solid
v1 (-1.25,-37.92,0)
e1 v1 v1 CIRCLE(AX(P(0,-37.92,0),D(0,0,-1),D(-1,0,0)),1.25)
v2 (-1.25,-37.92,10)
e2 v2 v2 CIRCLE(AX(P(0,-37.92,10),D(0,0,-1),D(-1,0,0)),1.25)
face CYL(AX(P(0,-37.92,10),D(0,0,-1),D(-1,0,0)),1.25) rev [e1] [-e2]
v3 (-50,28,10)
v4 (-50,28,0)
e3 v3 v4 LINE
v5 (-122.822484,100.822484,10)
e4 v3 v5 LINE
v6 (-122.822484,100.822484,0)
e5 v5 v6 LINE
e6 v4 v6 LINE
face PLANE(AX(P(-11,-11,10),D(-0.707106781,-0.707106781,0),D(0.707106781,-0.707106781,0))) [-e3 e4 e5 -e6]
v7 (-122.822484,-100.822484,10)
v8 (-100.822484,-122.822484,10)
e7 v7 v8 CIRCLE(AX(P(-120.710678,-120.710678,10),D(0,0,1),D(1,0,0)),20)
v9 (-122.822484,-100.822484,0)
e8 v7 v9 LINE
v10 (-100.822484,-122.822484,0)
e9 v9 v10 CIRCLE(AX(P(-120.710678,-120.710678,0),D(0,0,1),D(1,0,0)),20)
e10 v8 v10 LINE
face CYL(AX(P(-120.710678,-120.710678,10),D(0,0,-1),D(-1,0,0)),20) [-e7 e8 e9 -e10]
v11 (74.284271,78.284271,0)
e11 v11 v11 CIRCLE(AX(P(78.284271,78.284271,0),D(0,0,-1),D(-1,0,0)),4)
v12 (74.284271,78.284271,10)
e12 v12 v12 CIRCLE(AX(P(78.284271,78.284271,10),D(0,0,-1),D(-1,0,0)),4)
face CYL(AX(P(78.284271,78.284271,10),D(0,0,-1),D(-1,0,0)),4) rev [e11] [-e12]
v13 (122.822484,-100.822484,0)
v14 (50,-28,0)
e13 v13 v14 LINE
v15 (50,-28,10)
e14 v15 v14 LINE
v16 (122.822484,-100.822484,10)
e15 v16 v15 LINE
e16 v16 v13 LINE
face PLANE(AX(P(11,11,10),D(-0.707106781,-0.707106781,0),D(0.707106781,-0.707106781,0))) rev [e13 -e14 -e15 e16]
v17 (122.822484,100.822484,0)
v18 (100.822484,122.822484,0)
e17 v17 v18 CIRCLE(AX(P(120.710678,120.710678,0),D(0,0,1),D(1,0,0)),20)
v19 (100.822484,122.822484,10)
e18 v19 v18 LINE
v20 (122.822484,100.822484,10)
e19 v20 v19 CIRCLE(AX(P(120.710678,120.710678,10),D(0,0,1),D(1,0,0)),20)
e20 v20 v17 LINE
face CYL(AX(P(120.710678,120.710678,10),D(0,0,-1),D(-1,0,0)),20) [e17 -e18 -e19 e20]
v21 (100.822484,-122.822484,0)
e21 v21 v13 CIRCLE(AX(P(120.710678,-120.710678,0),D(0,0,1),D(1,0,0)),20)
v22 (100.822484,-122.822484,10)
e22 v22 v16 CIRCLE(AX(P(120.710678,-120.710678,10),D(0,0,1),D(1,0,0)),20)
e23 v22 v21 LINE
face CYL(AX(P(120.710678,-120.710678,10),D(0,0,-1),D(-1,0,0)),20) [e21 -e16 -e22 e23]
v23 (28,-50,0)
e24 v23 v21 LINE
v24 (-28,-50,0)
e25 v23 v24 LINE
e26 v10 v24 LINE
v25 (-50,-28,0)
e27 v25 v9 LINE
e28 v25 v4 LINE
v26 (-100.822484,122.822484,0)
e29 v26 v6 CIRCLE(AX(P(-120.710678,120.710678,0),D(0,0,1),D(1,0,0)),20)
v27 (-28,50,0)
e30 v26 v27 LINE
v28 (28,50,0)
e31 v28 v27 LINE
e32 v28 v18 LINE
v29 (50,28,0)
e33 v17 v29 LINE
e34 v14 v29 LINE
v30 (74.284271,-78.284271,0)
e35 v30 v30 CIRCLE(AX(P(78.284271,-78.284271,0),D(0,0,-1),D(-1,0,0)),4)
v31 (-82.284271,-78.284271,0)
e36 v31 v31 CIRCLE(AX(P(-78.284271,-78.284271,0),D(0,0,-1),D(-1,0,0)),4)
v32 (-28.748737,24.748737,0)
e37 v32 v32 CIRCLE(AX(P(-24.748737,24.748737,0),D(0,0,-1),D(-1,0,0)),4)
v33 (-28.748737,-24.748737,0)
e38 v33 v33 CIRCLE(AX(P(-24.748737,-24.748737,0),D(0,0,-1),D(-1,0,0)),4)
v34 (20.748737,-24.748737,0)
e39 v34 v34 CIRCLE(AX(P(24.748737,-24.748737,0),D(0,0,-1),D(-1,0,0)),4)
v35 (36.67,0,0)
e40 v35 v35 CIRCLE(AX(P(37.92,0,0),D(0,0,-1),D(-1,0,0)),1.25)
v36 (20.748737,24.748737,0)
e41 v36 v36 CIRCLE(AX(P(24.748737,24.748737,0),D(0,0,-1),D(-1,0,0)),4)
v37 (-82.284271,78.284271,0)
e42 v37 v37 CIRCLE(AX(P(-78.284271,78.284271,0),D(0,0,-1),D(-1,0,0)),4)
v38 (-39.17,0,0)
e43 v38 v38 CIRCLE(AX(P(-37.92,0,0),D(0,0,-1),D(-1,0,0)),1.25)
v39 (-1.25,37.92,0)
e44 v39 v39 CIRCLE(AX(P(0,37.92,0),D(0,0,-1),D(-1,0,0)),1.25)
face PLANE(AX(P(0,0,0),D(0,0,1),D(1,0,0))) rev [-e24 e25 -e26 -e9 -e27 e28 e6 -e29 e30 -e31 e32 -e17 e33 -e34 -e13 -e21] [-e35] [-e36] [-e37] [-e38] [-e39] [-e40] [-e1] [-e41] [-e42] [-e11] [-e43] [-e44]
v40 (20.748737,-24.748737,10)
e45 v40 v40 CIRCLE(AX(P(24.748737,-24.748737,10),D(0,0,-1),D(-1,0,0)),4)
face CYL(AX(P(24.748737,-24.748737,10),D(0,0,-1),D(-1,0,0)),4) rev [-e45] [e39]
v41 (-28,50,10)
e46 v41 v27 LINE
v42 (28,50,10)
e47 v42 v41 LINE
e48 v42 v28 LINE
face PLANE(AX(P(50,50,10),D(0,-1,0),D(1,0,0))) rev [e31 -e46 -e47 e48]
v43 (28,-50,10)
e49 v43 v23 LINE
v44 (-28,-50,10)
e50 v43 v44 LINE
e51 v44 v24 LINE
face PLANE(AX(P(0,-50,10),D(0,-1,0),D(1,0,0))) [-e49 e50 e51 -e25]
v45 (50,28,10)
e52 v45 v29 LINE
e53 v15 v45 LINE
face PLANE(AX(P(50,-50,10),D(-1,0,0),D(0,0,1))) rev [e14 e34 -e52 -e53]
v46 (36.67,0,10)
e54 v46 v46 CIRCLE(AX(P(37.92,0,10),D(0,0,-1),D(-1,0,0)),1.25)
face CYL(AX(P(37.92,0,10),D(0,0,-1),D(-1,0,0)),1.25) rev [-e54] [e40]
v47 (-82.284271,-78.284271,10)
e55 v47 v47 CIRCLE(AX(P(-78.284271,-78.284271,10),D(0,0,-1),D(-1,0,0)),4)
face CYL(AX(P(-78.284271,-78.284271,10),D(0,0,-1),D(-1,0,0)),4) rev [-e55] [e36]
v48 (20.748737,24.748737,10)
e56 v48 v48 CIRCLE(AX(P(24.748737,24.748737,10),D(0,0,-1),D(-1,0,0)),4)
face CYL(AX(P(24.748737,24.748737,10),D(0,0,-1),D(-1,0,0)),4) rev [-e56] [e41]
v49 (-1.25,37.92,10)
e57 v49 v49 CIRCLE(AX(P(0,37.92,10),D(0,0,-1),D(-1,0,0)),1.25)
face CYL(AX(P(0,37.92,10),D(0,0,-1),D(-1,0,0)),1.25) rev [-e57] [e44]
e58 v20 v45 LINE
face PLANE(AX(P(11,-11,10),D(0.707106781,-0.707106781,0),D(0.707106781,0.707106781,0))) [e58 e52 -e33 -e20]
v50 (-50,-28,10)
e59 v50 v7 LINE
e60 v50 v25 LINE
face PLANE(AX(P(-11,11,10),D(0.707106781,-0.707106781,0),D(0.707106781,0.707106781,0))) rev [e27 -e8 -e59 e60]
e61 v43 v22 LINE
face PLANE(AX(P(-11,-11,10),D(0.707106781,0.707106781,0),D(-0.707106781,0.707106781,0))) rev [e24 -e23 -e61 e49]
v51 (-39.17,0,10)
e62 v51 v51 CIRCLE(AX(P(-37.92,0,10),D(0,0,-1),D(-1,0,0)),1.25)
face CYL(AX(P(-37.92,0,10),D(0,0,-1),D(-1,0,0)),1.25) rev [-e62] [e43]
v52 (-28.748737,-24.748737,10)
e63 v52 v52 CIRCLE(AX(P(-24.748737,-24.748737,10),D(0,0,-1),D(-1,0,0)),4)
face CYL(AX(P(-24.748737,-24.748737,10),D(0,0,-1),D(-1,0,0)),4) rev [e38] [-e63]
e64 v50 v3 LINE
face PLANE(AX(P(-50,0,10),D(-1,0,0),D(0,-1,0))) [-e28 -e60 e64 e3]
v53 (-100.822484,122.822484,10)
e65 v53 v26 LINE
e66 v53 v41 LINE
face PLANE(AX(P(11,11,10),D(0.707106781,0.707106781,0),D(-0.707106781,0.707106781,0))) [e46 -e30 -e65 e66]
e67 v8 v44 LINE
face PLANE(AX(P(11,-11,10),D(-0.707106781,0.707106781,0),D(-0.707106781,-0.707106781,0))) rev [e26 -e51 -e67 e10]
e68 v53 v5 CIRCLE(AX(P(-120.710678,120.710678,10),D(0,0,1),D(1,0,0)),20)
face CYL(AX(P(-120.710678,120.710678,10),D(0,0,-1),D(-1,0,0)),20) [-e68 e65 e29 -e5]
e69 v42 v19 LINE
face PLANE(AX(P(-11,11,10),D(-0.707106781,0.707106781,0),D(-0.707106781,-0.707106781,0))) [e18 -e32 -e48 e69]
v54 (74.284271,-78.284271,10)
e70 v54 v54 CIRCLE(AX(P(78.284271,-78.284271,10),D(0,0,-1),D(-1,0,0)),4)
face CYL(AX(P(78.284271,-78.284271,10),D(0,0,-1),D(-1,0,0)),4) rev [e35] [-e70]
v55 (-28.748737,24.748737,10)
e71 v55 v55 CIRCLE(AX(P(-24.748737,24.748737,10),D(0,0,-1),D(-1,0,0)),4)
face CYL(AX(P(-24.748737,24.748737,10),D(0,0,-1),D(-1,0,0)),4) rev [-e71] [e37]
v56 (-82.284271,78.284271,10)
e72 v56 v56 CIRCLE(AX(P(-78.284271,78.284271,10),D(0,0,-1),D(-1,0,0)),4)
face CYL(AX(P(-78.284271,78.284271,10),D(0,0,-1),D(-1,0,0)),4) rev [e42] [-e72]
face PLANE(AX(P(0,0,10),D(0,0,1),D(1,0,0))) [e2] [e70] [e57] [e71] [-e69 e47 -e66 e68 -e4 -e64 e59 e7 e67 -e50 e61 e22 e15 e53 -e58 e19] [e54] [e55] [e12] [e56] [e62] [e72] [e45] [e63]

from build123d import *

# Parameters (mm, degrees)
ESQUISSE1_W             = 100
ESQUISSE1_H             = 100
BOSS_EXTRU_1_DEPTH      = 10
ESQUISSE3_R             = 4
ESQUISSE3_R_2           = 1.25
ENL_V_MAT_EXTRU_2_DEPTH = 200.246053595


with BuildPart() as part:
    # Esquisse1 → Boss.-Extru.1 (new body)
    with BuildSketch(Plane.XY):
        with BuildLine():
            ThreePointArc((-100.822483701, 122.822483701), (-134.852813742, 134.852813742), (-122.822483701, 100.822483701))
            Line((-122.822483701, 100.822483701), (-131.710678119, 109.710678119))
            Line((-131.710678119, 109.710678119), (-109.710678119, 131.710678119))
            Line((-109.710678119, 131.710678119), (-100.822483701, 122.822483701))
        make_face()
        with BuildLine():
            Line((-131.710678119, 109.710678119), (-122.822483701, 100.822483701))
            ThreePointArc((-122.822483701, 100.822483701), (-107.336002639, 105.840639254), (-100.710678119, 120.710678119))
            ThreePointArc((-100.710678119, 120.710678119), (-100.738649074, 121.768059709), (-100.822483701, 122.822483701))
            Line((-100.822483701, 122.822483701), (-109.710678119, 131.710678119))
            Line((-109.710678119, 131.710678119), (-131.710678119, 109.710678119))
        make_face()
        with BuildLine():
            Line((-122.822483701, 100.822483701), (-50, 28))
            Line((-50, 28), (-50, 50))
            Line((-50, 50), (-28, 50))
            Line((-28, 50), (-100.822483701, 122.822483701))
            ThreePointArc((-100.822483701, 122.822483701), (-100.738649074, 121.768059709), (-100.710678119, 120.710678119))
            ThreePointArc((-100.710678119, 120.710678119), (-107.336002639, 105.840639254), (-122.822483701, 100.822483701))
        make_face()
        with BuildLine():
            Line((100.822483701, 122.822483701), (28, 50))
            Line((28, 50), (50, 50))
            Line((50, 50), (50, 28))
            Line((50, 28), (122.822483701, 100.822483701))
            ThreePointArc((122.822483701, 100.822483701), (106.568542495, 106.568542495), (100.822483701, 122.822483701))
        make_face()
        with BuildLine():
            ThreePointArc((140.710678119, 120.710678119), (121.768059709, 140.682707164), (100.822483701, 122.822483701))
            Line((100.822483701, 122.822483701), (109.710678119, 131.710678119))
            Line((109.710678119, 131.710678119), (131.710678119, 109.710678119))
            Line((131.710678119, 109.710678119), (122.822483701, 100.822483701))
            ThreePointArc((122.822483701, 100.822483701), (135.580716983, 107.336002639), (140.710678119, 120.710678119))
        make_face()
        with BuildLine():
            Line((109.710678119, 131.710678119), (100.822483701, 122.822483701))
            ThreePointArc((100.822483701, 122.822483701), (106.568542495, 106.568542495), (122.822483701, 100.822483701))
            Line((122.822483701, 100.822483701), (131.710678119, 109.710678119))
            Line((131.710678119, 109.710678119), (109.710678119, 131.710678119))
        make_face()
        Rectangle(ESQUISSE1_W, ESQUISSE1_H)
        with BuildLine():
            ThreePointArc((122.822483701, -100.822483701), (106.568542495, -106.568542495), (100.822483701, -122.822483701))
            Line((100.822483701, -122.822483701), (109.710678119, -131.710678119))
            Line((109.710678119, -131.710678119), (131.710678119, -109.710678119))
            Line((131.710678119, -109.710678119), (122.822483701, -100.822483701))
        make_face()
        with BuildLine():
            Line((109.710678119, -131.710678119), (100.822483701, -122.822483701))
            ThreePointArc((100.822483701, -122.822483701), (121.768059709, -140.682707164), (140.710678119, -120.710678119))
            ThreePointArc((140.710678119, -120.710678119), (135.580716983, -107.336002639), (122.822483701, -100.822483701))
            Line((122.822483701, -100.822483701), (131.710678119, -109.710678119))
            Line((131.710678119, -109.710678119), (109.710678119, -131.710678119))
        make_face()
        with BuildLine():
            Line((50, -50), (28, -50))
            Line((28, -50), (100.822483701, -122.822483701))
            ThreePointArc((100.822483701, -122.822483701), (106.568542495, -106.568542495), (122.822483701, -100.822483701))
            Line((122.822483701, -100.822483701), (50, -28))
            Line((50, -28), (50, -50))
        make_face()
        with BuildLine():
            ThreePointArc((-100.710678119, -120.710678119), (-107.336002639, -105.840639254), (-122.822483701, -100.822483701))
            Line((-122.822483701, -100.822483701), (-131.710678119, -109.710678119))
            Line((-131.710678119, -109.710678119), (-109.710678119, -131.710678119))
            Line((-109.710678119, -131.710678119), (-100.822483701, -122.822483701))
            ThreePointArc((-100.822483701, -122.822483701), (-100.738649074, -121.768059709), (-100.710678119, -120.710678119))
        make_face()
        with BuildLine():
            Line((-131.710678119, -109.710678119), (-122.822483701, -100.822483701))
            ThreePointArc((-122.822483701, -100.822483701), (-134.852813742, -134.852813742), (-100.822483701, -122.822483701))
            Line((-100.822483701, -122.822483701), (-109.710678119, -131.710678119))
            Line((-109.710678119, -131.710678119), (-131.710678119, -109.710678119))
        make_face()
        with BuildLine():
            Line((-50, -50), (-50, -28))
            Line((-50, -28), (-122.822483701, -100.822483701))
            ThreePointArc((-122.822483701, -100.822483701), (-107.336002639, -105.840639254), (-100.710678119, -120.710678119))
            ThreePointArc((-100.710678119, -120.710678119), (-100.738649074, -121.768059709), (-100.822483701, -122.822483701))
            Line((-100.822483701, -122.822483701), (-28, -50))
            Line((-28, -50), (-50, -50))
        make_face()
    extrude(amount=BOSS_EXTRU_1_DEPTH)

    # Esquisse3 → Enlèv. mat.-Extru.2 (cut, through all)
    with BuildSketch(Plane(origin=(0, 0, 0), x_dir=(-1, 0, 0), z_dir=(0, 0, -1))):
        with Locations((-78.284271247, 78.284271247)):
            Circle(ESQUISSE3_R)
        with Locations((-24.748737342, 24.748737342)):
            Circle(ESQUISSE3_R)
        with Locations((78.284271247, 78.284271247)):
            Circle(ESQUISSE3_R)
        with Locations((24.748737342, 24.748737342)):
            Circle(ESQUISSE3_R)
        with Locations((78.284271247, -78.284271247)):
            Circle(ESQUISSE3_R)
        with Locations((24.748737342, -24.748737342)):
            Circle(ESQUISSE3_R)
        with Locations((-78.284271247, -78.284271247)):
            Circle(ESQUISSE3_R)
        with Locations((-24.748737342, -24.748737342)):
            Circle(ESQUISSE3_R)
        with Locations((-37.92, 0)):
            Circle(ESQUISSE3_R_2)
        with Locations((0, 37.92)):
            Circle(ESQUISSE3_R_2)
        with Locations((37.92, 0)):
            Circle(ESQUISSE3_R_2)
        with Locations((0, -37.92)):
            Circle(ESQUISSE3_R_2)
    extrude(amount=-ENL_V_MAT_EXTRU_2_DEPTH, mode=Mode.SUBTRACT)


solid = part.part
